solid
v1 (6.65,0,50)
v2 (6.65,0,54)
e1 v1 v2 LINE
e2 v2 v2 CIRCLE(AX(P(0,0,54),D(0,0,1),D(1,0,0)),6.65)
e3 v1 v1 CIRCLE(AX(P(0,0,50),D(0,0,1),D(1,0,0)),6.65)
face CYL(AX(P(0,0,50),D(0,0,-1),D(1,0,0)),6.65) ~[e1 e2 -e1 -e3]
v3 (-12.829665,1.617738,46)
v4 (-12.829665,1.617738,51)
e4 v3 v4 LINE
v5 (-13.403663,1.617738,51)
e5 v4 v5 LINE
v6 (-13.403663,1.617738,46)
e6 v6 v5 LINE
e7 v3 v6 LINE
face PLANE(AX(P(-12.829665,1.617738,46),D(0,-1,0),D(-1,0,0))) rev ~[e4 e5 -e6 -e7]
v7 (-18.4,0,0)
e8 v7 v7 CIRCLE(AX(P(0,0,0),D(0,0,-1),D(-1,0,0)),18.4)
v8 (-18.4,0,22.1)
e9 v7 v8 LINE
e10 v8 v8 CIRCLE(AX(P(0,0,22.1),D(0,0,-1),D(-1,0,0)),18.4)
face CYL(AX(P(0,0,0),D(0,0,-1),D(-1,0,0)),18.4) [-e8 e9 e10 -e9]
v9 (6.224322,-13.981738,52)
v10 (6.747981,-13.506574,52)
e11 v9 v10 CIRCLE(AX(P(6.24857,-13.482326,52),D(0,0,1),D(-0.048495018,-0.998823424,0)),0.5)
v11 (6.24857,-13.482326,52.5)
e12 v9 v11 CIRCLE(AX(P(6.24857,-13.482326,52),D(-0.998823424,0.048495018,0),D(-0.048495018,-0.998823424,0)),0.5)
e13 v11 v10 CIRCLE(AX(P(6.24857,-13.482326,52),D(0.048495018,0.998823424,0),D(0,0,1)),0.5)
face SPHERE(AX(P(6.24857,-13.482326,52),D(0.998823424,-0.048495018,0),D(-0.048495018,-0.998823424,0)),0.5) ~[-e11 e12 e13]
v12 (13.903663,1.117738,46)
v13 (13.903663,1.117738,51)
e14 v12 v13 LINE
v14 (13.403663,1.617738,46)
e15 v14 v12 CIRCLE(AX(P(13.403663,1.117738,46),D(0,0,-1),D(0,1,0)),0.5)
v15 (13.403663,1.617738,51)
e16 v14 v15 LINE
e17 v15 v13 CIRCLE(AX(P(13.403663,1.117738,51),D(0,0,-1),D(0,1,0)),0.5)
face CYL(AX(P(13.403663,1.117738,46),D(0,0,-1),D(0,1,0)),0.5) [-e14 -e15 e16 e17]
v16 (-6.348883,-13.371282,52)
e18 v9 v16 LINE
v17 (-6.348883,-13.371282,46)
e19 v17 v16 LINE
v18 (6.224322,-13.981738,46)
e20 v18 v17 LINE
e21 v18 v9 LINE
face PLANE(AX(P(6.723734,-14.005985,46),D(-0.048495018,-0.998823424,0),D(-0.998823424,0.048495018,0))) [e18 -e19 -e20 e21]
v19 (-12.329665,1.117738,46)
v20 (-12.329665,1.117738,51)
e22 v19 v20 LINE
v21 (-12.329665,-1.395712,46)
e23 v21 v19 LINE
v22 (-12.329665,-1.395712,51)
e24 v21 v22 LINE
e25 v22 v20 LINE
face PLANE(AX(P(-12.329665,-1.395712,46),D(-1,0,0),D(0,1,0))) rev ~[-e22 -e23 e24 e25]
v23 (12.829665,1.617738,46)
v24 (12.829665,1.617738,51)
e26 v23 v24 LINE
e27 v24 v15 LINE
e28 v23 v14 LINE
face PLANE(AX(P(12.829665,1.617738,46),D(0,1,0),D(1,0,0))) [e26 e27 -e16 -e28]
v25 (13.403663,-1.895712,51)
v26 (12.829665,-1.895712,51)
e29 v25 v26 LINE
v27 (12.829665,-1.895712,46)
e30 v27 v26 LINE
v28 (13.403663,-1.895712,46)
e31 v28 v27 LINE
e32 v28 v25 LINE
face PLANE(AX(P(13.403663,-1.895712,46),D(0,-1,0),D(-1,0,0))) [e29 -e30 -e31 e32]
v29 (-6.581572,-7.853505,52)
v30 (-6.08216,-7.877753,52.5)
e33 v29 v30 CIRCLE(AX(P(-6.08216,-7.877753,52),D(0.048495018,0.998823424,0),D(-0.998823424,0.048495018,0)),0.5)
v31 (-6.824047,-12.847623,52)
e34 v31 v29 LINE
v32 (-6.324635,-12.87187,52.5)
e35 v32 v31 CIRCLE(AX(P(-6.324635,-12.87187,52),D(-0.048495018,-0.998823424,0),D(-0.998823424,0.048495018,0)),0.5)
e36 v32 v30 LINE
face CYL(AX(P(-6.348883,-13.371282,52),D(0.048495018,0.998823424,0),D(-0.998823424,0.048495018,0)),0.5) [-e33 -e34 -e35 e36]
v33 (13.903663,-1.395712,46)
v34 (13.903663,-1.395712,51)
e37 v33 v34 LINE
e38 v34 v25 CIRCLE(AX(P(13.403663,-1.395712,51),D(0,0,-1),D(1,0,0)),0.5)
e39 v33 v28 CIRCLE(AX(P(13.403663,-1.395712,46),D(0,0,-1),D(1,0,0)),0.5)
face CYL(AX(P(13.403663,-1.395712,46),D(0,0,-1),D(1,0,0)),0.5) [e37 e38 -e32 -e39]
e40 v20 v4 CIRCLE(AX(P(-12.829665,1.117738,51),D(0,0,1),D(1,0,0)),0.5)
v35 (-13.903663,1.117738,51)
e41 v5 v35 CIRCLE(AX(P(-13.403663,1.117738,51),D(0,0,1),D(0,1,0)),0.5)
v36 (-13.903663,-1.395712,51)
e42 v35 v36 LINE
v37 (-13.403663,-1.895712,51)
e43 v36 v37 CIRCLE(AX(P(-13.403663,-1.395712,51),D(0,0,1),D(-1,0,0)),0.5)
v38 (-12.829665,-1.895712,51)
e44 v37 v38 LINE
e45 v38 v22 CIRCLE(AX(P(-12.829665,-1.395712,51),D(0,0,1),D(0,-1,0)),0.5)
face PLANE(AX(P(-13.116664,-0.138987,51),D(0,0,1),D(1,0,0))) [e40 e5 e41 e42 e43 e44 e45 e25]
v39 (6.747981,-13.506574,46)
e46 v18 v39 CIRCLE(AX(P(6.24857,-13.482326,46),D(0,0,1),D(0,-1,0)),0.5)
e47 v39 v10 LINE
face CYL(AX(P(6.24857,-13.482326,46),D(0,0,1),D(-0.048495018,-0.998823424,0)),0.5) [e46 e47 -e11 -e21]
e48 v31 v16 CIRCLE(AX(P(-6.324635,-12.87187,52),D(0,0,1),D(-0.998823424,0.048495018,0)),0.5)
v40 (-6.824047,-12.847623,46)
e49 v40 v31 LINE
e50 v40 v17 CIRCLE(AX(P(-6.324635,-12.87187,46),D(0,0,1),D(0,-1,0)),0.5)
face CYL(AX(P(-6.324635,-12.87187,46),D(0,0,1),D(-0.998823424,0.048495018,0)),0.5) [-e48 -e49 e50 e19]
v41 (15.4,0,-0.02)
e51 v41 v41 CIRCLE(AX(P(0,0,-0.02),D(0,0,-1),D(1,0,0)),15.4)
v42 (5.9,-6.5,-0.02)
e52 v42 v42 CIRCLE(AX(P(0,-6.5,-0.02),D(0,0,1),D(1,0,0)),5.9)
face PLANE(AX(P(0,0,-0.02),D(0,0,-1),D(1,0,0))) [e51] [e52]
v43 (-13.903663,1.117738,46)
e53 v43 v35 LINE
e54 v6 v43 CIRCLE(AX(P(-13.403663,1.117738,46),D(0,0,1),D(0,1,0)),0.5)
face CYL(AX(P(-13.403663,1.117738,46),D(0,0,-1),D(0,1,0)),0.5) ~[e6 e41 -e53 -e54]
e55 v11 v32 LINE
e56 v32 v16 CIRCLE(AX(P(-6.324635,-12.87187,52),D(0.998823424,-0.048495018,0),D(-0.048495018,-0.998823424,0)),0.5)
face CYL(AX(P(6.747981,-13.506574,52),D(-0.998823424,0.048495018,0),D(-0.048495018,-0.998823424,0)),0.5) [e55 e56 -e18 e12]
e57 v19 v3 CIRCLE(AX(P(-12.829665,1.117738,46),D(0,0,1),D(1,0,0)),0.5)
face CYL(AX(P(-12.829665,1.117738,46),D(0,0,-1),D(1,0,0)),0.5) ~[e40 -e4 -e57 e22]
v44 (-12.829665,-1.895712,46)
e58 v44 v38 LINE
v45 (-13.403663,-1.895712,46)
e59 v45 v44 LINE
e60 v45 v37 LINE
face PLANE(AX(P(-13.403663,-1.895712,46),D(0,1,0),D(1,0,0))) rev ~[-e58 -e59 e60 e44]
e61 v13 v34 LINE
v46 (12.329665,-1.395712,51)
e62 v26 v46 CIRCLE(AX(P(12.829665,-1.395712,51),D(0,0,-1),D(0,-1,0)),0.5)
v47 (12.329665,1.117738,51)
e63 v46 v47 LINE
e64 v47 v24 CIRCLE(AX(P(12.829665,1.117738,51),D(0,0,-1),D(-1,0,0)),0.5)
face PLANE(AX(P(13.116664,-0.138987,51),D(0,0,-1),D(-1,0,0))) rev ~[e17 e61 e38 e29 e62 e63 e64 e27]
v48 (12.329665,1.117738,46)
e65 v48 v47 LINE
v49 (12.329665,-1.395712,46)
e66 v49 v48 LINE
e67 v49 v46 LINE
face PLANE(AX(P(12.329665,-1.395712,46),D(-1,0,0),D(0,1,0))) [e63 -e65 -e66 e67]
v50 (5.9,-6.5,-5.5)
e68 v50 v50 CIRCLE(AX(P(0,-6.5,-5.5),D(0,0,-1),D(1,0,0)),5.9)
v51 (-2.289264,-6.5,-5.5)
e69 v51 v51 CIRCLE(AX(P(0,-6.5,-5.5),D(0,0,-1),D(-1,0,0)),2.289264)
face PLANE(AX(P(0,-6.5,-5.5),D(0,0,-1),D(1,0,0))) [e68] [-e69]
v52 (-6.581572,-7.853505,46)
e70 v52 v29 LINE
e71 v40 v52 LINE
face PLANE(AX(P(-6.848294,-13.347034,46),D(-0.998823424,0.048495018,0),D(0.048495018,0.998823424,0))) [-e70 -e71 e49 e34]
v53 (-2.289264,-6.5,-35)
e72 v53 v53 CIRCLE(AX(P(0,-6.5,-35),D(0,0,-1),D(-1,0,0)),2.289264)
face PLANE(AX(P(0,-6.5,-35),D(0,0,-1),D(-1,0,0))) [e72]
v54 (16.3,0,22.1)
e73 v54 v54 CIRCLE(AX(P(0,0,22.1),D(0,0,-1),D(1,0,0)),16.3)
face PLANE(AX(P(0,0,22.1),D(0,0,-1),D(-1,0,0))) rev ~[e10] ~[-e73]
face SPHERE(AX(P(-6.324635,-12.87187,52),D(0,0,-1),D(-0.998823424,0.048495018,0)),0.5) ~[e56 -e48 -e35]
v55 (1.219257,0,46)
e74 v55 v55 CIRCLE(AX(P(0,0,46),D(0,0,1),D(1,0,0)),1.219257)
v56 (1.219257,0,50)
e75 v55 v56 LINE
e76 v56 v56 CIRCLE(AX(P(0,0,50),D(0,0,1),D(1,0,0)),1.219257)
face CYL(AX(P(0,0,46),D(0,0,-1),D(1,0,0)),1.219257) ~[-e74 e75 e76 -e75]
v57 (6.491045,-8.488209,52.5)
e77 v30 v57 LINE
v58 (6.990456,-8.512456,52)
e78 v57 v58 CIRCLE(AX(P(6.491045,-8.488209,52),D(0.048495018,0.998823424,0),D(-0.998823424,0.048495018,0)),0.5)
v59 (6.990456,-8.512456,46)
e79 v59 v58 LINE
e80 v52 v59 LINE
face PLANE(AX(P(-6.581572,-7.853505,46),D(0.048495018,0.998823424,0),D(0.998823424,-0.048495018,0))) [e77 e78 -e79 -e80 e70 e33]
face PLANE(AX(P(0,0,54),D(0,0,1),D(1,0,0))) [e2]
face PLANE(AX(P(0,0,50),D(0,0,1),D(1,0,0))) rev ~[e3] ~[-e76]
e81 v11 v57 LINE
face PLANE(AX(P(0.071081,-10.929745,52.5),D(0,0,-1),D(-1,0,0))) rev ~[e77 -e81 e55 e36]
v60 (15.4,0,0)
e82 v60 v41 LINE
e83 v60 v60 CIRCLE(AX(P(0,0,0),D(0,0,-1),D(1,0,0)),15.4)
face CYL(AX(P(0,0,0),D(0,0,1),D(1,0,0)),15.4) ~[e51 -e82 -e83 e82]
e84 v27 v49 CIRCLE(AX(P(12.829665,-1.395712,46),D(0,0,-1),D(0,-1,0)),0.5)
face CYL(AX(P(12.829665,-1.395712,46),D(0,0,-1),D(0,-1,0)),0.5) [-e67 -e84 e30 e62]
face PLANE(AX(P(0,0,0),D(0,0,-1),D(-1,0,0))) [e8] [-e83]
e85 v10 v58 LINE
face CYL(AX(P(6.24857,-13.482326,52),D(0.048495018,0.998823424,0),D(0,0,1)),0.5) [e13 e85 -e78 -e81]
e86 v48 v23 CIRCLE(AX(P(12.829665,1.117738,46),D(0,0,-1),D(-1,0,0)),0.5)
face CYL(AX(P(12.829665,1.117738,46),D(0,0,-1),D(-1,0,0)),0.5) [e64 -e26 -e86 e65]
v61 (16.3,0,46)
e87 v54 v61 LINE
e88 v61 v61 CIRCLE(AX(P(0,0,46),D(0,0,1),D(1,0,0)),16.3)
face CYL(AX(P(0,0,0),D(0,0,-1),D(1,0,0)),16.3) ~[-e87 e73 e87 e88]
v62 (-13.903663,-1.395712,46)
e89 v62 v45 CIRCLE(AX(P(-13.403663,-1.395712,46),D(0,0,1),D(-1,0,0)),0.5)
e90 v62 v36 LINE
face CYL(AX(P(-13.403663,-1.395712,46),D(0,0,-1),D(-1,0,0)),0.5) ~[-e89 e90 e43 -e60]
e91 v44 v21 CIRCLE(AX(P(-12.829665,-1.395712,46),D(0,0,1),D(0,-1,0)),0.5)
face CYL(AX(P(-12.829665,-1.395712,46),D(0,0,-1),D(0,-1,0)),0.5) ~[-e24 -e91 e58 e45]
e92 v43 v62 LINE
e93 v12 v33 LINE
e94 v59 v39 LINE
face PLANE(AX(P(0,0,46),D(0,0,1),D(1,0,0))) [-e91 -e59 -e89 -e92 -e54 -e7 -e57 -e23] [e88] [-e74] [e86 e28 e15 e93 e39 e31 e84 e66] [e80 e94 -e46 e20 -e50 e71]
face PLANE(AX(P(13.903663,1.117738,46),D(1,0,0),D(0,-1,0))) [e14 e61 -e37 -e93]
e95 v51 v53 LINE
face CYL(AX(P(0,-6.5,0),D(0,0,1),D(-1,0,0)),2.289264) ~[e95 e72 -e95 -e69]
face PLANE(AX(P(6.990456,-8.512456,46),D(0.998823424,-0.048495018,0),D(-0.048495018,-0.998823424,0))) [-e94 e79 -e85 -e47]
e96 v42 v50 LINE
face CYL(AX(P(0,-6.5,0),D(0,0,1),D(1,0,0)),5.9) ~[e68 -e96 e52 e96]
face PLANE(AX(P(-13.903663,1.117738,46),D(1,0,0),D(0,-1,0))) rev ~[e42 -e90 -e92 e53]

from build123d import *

# Parameters (mm, degrees)
SKETCH1_R            = 16.3
BOSS_EXTRUDE1_DEPTH  = 46
SKETCH2_R            = 18.4
BOSS_EXTRUDE2_DEPTH  = 22.1
SKETCH3_R            = 5.9
SKETCH3_R_2          = 2.289263955330087
BOSS_EXTRUDE3_DEPTH  = 5.5
SKETCH4_R            = 2.289263955330087
BOSS_EXTRUDE4_DEPTH  = 35
SKETCH5_R            = 15.4
BOSS_EXTRUDE5_DEPTH  = 0.02
SKETCH7_R            = 1.219257325052135
BOSS_EXTRUDE6_DEPTH  = 4
SKETCH8_R            = 6.650000000000001
BOSS_EXTRUDE7_DEPTH  = 4
BOSS_EXTRUDE9_DEPTH  = 6.5
FILLET3_R            = 0.5
FILLET4_R            = 0.5
BOSS_EXTRUDE10_DEPTH = 5


with BuildPart() as part:
    # Sketch1 → Boss-Extrude1 (new body)
    with BuildSketch(Plane.XY):
        Circle(SKETCH1_R)
    extrude(amount=BOSS_EXTRUDE1_DEPTH)

    # Sketch2 → Boss-Extrude2 (add)
    with BuildSketch(Plane(origin=(0, 0, 0), x_dir=(-1, 0, 0), z_dir=(0, 0, -1))):
        Circle(SKETCH2_R)
    extrude(amount=-BOSS_EXTRUDE2_DEPTH)

    # Sketch3 → Boss-Extrude3 (add)
    with BuildSketch(Plane(origin=(0, 0, 0), x_dir=(-1, 0, 0), z_dir=(0, 0, -1))):
        with Locations(Location((3.05e-15, -6.499999999999999, 0), (0, 0, 180))):
            Circle(SKETCH3_R)
        with Locations((3.05e-15, -6.499999999999999)):
            Circle(SKETCH3_R_2, mode=Mode.SUBTRACT)
    extrude(amount=BOSS_EXTRUDE3_DEPTH)

    # Sketch4 → Boss-Extrude4 (add)
    with BuildSketch(Plane(origin=(0, 0, 0), x_dir=(-1, 0, 0), z_dir=(0, 0, -1))):
        with Locations((3.05e-15, -6.499999999999999)):
            Circle(SKETCH4_R)
    extrude(amount=BOSS_EXTRUDE4_DEPTH)

    # Sketch5 → Boss-Extrude5 (add)
    with BuildSketch(Plane(origin=(0, 0, 0), x_dir=(-1, 0, 0), z_dir=(0, 0, -1))):
        with Locations(Location((0, 0, 0), (0, 0, 180))):
            Circle(SKETCH5_R)
    extrude(amount=BOSS_EXTRUDE5_DEPTH)

    # Sketch7 → Boss-Extrude6 (add)
    with BuildSketch(Plane.XY.offset(46)):
        Circle(SKETCH7_R)
    extrude(amount=BOSS_EXTRUDE6_DEPTH)

    # Sketch8 → Boss-Extrude7 (add)
    with BuildSketch(Plane.XY.offset(50)):
        Circle(SKETCH8_R)
    extrude(amount=BOSS_EXTRUDE7_DEPTH)

    # Sketch9 → Boss-Extrude9 (add)
    with BuildSketch(Plane.XY.offset(46)):
        Polygon((6.723733828483781, -14.005985299746056), (-6.848294391516219, -13.347034241416539), (-6.581571792597097, -7.853505406939939), (6.990456427402904, -8.512456465269457), align=None)
    extrude(amount=BOSS_EXTRUDE9_DEPTH)

    # Fillet3
    fillet3_edges = [part.edges().sort_by_distance(p)[0] for p in [
        (-6.848294391516219, -13.347034241416539, 49.25),
        (-6.714933092056658, -10.60026982417824, 52.5),
        (-0.06228028151621867, -13.676509770581298, 52.5),
    ]]
    fillet(fillet3_edges, radius=FILLET3_R)

    # Fillet4
    fillet4_edges = [part.edges().sort_by_distance(p)[0] for p in [
        (6.723733828483781, -14.005985299746056, 49),
        (6.869218882439666, -11.009515026395185, 52.5),
        (6.730835759440846, -13.859710995839299, 52.35355339059328),
    ]]
    fillet(fillet4_edges, radius=FILLET4_R)

    # Sketch10 → Boss-Extrude10 (add)
    with BuildSketch(Plane.XY.offset(46)):
        with BuildLine():
            Line((-13.903663432832225, 1.1177381723245752), (-13.903663432832225, -1.3957121223426263))
            ThreePointArc((-13.903663432832225, -1.3957121223426263), (-13.757216823425498, -1.7492655129359036), (-13.403663432832222, -1.8957121223426299))
            Line((-13.403663432832222, -1.8957121223426299), (-12.829664566070878, -1.8957121223426299))
            ThreePointArc((-12.829664566070878, -1.8957121223426299), (-12.476111175477602, -1.7492655129359036), (-12.329664566070875, -1.3957121223426263))
            Line((-12.329664566070875, -1.3957121223426263), (-12.329664566070875, 1.1177381723245752))
            ThreePointArc((-12.329664566070875, 1.1177381723245752), (-12.476111175477602, 1.4712915629178525), (-12.829664566070878, 1.6177381723245787))
            Line((-12.829664566070878, 1.6177381723245787), (-13.403663432832222, 1.6177381723245787))
            ThreePointArc((-13.403663432832222, 1.6177381723245787), (-13.757216823425498, 1.4712915629178525), (-13.903663432832225, 1.1177381723245752))
        make_face()
        with BuildLine():
            Line((13.403663432832222, -1.8957121223426299), (12.829664566070878, -1.8957121223426299))
            ThreePointArc((12.829664566070878, -1.8957121223426299), (12.476111175477602, -1.7492655129359036), (12.329664566070875, -1.3957121223426263))
            Line((12.329664566070875, -1.3957121223426263), (12.329664566070875, 1.1177381723245752))
            ThreePointArc((12.329664566070875, 1.1177381723245752), (12.476111175477602, 1.4712915629178525), (12.829664566070878, 1.6177381723245787))
            Line((12.829664566070878, 1.6177381723245787), (13.403663432832222, 1.6177381723245787))
            ThreePointArc((13.403663432832222, 1.6177381723245787), (13.757216823425498, 1.4712915629178525), (13.903663432832225, 1.1177381723245752))
            Line((13.903663432832225, 1.1177381723245752), (13.903663432832225, -1.3957121223426263))
            ThreePointArc((13.903663432832225, -1.3957121223426263), (13.757216823425498, -1.7492655129359036), (13.403663432832222, -1.8957121223426299))
        make_face()
    extrude(amount=BOSS_EXTRUDE10_DEPTH)


solid = part.part
